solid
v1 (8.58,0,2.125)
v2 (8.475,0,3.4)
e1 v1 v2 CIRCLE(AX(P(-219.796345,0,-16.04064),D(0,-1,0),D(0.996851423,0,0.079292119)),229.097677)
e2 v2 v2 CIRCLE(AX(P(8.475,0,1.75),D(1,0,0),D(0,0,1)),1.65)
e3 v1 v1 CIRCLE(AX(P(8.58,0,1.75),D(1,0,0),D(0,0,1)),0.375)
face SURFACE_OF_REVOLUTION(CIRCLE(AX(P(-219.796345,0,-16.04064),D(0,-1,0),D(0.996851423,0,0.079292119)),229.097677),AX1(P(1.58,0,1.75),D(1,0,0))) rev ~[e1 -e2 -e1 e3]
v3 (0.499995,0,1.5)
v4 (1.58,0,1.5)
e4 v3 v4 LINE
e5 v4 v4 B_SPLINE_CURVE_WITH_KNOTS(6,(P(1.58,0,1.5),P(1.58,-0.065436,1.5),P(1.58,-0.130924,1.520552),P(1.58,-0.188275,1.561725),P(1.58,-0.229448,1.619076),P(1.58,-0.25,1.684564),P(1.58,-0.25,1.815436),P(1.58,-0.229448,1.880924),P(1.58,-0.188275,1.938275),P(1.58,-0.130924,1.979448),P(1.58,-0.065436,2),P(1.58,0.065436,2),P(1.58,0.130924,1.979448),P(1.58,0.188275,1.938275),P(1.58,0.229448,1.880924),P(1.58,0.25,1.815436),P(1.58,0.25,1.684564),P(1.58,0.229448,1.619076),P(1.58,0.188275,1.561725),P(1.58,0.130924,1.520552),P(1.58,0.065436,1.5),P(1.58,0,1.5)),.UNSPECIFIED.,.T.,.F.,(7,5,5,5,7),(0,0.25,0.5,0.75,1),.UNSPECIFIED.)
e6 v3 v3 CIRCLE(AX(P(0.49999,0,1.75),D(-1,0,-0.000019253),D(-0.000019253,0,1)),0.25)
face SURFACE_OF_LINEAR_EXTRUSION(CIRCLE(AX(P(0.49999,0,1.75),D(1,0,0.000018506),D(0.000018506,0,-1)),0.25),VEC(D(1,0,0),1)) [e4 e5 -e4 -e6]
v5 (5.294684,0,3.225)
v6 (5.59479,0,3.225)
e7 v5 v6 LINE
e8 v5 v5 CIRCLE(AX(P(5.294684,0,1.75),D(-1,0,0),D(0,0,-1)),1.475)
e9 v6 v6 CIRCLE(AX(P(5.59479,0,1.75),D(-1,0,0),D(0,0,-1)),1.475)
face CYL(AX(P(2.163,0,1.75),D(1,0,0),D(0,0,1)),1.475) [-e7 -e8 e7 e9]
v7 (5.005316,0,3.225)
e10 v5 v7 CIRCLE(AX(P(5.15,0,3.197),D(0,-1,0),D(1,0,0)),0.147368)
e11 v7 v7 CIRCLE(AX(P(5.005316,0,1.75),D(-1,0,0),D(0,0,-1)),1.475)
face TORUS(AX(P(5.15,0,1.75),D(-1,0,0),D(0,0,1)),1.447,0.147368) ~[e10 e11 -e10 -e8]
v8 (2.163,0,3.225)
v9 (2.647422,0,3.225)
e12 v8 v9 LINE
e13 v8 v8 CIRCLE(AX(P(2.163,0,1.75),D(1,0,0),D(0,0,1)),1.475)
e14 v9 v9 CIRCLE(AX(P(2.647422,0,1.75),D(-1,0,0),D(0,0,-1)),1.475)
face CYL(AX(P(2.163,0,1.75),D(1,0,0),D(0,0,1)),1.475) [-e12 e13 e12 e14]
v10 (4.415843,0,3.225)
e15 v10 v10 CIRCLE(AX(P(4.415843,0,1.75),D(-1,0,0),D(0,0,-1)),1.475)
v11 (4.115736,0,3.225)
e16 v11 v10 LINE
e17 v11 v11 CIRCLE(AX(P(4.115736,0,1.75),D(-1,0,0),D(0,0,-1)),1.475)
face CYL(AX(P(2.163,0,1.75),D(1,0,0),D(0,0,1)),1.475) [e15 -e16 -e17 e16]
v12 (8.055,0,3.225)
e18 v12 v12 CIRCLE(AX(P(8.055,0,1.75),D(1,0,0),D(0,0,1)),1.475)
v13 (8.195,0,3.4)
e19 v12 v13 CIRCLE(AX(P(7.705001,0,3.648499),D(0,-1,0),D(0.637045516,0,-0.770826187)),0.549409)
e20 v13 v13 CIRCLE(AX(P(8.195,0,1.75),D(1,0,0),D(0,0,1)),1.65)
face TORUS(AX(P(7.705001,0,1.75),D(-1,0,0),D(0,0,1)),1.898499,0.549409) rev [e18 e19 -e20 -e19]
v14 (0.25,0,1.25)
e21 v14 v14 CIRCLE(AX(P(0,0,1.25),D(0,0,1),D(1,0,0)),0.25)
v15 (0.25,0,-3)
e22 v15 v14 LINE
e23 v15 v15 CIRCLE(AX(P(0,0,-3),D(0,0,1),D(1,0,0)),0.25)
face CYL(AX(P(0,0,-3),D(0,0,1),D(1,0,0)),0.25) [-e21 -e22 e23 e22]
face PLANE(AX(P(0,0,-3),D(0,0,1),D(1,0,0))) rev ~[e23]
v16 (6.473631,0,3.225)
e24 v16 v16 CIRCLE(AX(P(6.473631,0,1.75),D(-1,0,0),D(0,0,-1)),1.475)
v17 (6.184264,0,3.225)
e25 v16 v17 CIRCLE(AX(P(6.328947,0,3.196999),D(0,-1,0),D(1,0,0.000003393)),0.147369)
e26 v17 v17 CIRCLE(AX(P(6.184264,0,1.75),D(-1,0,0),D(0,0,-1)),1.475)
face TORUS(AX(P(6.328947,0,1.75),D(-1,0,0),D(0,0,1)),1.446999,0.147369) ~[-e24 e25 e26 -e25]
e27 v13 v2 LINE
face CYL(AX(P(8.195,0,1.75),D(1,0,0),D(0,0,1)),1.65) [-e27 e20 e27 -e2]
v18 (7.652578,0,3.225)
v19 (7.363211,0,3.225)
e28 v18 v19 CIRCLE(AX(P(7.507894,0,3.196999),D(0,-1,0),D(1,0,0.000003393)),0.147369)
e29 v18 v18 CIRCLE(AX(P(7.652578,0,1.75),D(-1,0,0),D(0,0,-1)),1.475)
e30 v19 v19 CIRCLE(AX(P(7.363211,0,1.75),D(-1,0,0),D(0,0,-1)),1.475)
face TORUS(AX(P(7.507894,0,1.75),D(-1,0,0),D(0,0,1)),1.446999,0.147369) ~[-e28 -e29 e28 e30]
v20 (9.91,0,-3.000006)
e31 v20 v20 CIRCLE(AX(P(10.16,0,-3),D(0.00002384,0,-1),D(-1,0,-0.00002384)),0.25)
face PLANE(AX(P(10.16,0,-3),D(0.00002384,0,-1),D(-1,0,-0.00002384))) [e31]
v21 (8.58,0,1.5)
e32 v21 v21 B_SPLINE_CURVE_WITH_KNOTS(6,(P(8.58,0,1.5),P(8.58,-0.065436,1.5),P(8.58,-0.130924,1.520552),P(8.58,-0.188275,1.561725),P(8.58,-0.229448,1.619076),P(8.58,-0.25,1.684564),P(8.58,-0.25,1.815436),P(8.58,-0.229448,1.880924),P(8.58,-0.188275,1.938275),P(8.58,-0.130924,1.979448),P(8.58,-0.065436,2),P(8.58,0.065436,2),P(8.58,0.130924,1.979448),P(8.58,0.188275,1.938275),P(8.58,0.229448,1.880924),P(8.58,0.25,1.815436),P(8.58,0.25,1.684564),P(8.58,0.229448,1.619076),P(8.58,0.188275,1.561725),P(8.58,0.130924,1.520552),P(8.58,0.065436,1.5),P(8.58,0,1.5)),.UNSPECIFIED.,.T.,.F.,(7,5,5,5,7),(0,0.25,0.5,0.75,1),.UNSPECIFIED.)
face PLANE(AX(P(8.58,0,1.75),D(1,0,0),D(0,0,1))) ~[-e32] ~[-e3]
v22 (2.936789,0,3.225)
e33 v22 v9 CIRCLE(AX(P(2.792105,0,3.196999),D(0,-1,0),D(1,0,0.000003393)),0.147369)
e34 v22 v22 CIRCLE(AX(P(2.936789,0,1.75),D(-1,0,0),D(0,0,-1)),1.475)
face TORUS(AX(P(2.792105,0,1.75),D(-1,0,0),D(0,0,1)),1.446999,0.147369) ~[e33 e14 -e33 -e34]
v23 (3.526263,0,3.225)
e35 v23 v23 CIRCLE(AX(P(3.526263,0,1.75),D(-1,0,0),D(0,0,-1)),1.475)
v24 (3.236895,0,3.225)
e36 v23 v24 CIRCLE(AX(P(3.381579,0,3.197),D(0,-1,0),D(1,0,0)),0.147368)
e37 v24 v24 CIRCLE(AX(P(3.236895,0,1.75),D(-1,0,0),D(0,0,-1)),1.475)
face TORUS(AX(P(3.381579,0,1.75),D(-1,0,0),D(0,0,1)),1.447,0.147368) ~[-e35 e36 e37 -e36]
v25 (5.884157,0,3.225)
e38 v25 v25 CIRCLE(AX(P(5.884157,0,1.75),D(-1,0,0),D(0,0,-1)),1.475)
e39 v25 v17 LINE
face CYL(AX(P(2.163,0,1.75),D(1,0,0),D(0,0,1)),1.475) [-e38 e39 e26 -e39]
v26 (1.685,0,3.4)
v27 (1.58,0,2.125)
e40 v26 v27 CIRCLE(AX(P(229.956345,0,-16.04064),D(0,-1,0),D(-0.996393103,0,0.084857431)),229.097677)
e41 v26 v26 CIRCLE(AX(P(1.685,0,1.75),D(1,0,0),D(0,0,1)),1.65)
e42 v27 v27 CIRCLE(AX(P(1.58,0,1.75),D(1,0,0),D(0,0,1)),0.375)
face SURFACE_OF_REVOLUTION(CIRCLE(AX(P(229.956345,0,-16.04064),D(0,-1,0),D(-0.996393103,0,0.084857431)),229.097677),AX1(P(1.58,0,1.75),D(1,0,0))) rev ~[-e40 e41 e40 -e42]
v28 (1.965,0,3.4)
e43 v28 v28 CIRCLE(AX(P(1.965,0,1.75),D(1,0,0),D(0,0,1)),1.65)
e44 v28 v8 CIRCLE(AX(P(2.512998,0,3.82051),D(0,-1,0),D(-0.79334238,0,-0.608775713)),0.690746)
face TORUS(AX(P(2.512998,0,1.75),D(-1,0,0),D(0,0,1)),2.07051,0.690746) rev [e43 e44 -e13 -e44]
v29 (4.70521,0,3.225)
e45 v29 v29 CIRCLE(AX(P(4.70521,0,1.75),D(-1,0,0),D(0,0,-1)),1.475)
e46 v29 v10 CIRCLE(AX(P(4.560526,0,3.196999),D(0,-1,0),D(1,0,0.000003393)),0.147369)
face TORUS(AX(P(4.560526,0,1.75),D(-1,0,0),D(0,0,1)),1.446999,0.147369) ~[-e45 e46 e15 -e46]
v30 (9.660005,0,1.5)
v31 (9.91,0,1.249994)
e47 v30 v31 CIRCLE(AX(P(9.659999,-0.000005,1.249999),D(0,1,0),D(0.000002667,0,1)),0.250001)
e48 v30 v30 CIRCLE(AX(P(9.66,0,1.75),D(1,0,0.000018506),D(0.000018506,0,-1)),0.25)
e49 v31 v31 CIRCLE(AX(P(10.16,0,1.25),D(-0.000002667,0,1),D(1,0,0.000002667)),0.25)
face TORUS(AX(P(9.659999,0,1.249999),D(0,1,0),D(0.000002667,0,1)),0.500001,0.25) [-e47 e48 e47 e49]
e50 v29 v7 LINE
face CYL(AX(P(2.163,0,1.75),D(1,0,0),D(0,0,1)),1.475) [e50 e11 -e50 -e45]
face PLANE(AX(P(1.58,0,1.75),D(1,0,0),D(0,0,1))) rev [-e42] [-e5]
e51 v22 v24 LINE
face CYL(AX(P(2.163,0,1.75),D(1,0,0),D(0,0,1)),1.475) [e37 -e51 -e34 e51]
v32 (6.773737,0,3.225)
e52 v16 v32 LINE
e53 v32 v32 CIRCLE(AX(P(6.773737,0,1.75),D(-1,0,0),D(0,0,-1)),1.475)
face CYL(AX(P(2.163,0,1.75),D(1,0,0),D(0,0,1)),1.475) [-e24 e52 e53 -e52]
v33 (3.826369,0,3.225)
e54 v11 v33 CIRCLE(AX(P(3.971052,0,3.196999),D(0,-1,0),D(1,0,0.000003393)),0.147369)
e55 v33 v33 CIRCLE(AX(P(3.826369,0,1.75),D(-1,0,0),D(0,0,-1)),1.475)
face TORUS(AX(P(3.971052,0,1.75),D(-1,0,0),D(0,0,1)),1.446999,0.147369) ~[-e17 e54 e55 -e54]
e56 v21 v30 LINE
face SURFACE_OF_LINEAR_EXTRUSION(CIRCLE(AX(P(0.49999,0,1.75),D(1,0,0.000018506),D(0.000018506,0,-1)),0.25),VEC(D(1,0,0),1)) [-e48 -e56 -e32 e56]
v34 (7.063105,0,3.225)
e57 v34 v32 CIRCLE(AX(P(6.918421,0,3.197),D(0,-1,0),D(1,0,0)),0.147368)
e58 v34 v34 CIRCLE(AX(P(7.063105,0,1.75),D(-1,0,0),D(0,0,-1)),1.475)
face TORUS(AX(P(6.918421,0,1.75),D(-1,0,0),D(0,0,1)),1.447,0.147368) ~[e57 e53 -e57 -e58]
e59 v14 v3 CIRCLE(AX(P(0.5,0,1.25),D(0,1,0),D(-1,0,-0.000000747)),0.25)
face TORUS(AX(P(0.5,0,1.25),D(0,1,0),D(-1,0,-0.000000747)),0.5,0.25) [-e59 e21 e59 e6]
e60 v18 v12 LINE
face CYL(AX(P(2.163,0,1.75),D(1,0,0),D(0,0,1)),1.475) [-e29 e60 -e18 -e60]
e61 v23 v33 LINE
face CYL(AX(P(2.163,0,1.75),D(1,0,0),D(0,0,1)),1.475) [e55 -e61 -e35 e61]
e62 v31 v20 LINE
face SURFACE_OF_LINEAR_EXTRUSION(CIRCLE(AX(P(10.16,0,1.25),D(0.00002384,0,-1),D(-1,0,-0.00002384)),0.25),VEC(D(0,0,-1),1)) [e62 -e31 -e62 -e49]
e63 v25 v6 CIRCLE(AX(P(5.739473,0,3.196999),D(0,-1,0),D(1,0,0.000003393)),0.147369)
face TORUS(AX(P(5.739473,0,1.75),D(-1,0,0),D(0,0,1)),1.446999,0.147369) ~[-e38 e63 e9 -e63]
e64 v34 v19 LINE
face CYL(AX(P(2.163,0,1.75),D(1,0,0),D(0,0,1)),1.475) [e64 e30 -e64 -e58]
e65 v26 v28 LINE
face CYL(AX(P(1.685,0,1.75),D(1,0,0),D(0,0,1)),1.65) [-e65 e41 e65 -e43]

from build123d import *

# Parameters (mm, degrees)
SKETCH_R = 0.25


with BuildPart() as sweep_body:
    # Sweep: sweep along a path in Sketch001
    with BuildLine(Plane.XZ) as sweep_path:
        Line((0, -3), (0, 1.25))
        ThreePointArc((0, 1.25), (0.146443, 1.60355), (0.49999, 1.75))
        Line((0.49999, 1.75), (9.66, 1.75))
        ThreePointArc((9.66, 1.75), (10.013553, 1.603553), (10.16, 1.25))
        Line((10.16, 1.25), (10.16, -3))
    # Sketch → Sweep (sweep)
    with BuildSketch(Plane.XY.offset(-2)):
        Circle(SKETCH_R)
    sweep(path=sweep_path.line)


with BuildPart() as revolution:
    # Sketch002 → Revolution (revolve)
    with BuildSketch(Plane.XZ):
        with BuildLine():
            Line((1.685, 3.4), (1.965, 3.4))
            ThreePointArc((1.965, 3.4), (2.055554, 3.302943), (2.163, 3.225))
            Line((2.163, 3.225), (8.055, 3.225))
            ThreePointArc((8.055, 3.225), (8.134018, 3.305286), (8.195, 3.4))
            Line((8.195, 3.4), (8.475, 3.4))
            ThreePointArc((8.58, 2.125), (8.52839, 2.762573), (8.475, 3.4))
            Line((8.58, 1.75), (8.58, 2.125))
            Line((1.58, 1.75), (8.58, 1.75))
            Line((1.58, 1.75), (1.58, 2.125))
            ThreePointArc((1.685, 3.4), (1.63161, 2.762573), (1.58, 2.125))
        make_face()
    revolve(axis=Axis((1.58, 0, 1.75), (1, 0, 0)))


with BuildPart() as revolution001_mp_cp:
    # Sketch003 → Revolution001 (revolve)
    with BuildSketch(Plane.XZ):
        with BuildLine():
            ThreePointArc((2.939474, 3.197), (2.792105, 3.344368), (2.644737, 3.197))
            Line((2.35, 3.197), (2.644737, 3.197))
            Line((2.35, 3.197), (2.35, 2.867))
            Line((2.35, 2.867), (7.95, 2.867))
            Line((7.95, 2.867), (7.95, 3.197))
            Line((7.655263, 3.197), (7.95, 3.197))
            ThreePointArc((7.655263, 3.197), (7.507895, 3.344368), (7.360526, 3.197))
            Line((7.065789, 3.197), (7.360526, 3.197))
            ThreePointArc((7.065789, 3.197), (6.918421, 3.344368), (6.771053, 3.197))
            Line((6.476316, 3.197), (6.771053, 3.197))
            ThreePointArc((6.476316, 3.197), (6.328947, 3.344368), (6.181579, 3.197))
            Line((5.886842, 3.197), (6.181579, 3.197))
            ThreePointArc((5.886842, 3.197), (5.739474, 3.344368), (5.592105, 3.197))
            Line((5.297368, 3.197), (5.592105, 3.197))
            ThreePointArc((5.297368, 3.197), (5.15, 3.344368), (5.002632, 3.197))
            Line((4.707895, 3.197), (5.002632, 3.197))
            ThreePointArc((4.707895, 3.197), (4.560526, 3.344368), (4.413158, 3.197))
            Line((4.118421, 3.197), (4.413158, 3.197))
            ThreePointArc((4.118421, 3.197), (3.971053, 3.344368), (3.823684, 3.197))
            Line((3.528947, 3.197), (3.823684, 3.197))
            ThreePointArc((3.528947, 3.197), (3.381579, 3.344368), (3.234211, 3.197))
            Line((2.939474, 3.197), (3.234211, 3.197))
        make_face()
    revolve(axis=Axis((1.755, 0, 1.75), (1, 0, 0)))

    # Revolution001_mp_cp: union Sweep body, Revolution
    add(sweep_body.part)
    add(revolution.part)


solid = revolution001_mp_cp.part
